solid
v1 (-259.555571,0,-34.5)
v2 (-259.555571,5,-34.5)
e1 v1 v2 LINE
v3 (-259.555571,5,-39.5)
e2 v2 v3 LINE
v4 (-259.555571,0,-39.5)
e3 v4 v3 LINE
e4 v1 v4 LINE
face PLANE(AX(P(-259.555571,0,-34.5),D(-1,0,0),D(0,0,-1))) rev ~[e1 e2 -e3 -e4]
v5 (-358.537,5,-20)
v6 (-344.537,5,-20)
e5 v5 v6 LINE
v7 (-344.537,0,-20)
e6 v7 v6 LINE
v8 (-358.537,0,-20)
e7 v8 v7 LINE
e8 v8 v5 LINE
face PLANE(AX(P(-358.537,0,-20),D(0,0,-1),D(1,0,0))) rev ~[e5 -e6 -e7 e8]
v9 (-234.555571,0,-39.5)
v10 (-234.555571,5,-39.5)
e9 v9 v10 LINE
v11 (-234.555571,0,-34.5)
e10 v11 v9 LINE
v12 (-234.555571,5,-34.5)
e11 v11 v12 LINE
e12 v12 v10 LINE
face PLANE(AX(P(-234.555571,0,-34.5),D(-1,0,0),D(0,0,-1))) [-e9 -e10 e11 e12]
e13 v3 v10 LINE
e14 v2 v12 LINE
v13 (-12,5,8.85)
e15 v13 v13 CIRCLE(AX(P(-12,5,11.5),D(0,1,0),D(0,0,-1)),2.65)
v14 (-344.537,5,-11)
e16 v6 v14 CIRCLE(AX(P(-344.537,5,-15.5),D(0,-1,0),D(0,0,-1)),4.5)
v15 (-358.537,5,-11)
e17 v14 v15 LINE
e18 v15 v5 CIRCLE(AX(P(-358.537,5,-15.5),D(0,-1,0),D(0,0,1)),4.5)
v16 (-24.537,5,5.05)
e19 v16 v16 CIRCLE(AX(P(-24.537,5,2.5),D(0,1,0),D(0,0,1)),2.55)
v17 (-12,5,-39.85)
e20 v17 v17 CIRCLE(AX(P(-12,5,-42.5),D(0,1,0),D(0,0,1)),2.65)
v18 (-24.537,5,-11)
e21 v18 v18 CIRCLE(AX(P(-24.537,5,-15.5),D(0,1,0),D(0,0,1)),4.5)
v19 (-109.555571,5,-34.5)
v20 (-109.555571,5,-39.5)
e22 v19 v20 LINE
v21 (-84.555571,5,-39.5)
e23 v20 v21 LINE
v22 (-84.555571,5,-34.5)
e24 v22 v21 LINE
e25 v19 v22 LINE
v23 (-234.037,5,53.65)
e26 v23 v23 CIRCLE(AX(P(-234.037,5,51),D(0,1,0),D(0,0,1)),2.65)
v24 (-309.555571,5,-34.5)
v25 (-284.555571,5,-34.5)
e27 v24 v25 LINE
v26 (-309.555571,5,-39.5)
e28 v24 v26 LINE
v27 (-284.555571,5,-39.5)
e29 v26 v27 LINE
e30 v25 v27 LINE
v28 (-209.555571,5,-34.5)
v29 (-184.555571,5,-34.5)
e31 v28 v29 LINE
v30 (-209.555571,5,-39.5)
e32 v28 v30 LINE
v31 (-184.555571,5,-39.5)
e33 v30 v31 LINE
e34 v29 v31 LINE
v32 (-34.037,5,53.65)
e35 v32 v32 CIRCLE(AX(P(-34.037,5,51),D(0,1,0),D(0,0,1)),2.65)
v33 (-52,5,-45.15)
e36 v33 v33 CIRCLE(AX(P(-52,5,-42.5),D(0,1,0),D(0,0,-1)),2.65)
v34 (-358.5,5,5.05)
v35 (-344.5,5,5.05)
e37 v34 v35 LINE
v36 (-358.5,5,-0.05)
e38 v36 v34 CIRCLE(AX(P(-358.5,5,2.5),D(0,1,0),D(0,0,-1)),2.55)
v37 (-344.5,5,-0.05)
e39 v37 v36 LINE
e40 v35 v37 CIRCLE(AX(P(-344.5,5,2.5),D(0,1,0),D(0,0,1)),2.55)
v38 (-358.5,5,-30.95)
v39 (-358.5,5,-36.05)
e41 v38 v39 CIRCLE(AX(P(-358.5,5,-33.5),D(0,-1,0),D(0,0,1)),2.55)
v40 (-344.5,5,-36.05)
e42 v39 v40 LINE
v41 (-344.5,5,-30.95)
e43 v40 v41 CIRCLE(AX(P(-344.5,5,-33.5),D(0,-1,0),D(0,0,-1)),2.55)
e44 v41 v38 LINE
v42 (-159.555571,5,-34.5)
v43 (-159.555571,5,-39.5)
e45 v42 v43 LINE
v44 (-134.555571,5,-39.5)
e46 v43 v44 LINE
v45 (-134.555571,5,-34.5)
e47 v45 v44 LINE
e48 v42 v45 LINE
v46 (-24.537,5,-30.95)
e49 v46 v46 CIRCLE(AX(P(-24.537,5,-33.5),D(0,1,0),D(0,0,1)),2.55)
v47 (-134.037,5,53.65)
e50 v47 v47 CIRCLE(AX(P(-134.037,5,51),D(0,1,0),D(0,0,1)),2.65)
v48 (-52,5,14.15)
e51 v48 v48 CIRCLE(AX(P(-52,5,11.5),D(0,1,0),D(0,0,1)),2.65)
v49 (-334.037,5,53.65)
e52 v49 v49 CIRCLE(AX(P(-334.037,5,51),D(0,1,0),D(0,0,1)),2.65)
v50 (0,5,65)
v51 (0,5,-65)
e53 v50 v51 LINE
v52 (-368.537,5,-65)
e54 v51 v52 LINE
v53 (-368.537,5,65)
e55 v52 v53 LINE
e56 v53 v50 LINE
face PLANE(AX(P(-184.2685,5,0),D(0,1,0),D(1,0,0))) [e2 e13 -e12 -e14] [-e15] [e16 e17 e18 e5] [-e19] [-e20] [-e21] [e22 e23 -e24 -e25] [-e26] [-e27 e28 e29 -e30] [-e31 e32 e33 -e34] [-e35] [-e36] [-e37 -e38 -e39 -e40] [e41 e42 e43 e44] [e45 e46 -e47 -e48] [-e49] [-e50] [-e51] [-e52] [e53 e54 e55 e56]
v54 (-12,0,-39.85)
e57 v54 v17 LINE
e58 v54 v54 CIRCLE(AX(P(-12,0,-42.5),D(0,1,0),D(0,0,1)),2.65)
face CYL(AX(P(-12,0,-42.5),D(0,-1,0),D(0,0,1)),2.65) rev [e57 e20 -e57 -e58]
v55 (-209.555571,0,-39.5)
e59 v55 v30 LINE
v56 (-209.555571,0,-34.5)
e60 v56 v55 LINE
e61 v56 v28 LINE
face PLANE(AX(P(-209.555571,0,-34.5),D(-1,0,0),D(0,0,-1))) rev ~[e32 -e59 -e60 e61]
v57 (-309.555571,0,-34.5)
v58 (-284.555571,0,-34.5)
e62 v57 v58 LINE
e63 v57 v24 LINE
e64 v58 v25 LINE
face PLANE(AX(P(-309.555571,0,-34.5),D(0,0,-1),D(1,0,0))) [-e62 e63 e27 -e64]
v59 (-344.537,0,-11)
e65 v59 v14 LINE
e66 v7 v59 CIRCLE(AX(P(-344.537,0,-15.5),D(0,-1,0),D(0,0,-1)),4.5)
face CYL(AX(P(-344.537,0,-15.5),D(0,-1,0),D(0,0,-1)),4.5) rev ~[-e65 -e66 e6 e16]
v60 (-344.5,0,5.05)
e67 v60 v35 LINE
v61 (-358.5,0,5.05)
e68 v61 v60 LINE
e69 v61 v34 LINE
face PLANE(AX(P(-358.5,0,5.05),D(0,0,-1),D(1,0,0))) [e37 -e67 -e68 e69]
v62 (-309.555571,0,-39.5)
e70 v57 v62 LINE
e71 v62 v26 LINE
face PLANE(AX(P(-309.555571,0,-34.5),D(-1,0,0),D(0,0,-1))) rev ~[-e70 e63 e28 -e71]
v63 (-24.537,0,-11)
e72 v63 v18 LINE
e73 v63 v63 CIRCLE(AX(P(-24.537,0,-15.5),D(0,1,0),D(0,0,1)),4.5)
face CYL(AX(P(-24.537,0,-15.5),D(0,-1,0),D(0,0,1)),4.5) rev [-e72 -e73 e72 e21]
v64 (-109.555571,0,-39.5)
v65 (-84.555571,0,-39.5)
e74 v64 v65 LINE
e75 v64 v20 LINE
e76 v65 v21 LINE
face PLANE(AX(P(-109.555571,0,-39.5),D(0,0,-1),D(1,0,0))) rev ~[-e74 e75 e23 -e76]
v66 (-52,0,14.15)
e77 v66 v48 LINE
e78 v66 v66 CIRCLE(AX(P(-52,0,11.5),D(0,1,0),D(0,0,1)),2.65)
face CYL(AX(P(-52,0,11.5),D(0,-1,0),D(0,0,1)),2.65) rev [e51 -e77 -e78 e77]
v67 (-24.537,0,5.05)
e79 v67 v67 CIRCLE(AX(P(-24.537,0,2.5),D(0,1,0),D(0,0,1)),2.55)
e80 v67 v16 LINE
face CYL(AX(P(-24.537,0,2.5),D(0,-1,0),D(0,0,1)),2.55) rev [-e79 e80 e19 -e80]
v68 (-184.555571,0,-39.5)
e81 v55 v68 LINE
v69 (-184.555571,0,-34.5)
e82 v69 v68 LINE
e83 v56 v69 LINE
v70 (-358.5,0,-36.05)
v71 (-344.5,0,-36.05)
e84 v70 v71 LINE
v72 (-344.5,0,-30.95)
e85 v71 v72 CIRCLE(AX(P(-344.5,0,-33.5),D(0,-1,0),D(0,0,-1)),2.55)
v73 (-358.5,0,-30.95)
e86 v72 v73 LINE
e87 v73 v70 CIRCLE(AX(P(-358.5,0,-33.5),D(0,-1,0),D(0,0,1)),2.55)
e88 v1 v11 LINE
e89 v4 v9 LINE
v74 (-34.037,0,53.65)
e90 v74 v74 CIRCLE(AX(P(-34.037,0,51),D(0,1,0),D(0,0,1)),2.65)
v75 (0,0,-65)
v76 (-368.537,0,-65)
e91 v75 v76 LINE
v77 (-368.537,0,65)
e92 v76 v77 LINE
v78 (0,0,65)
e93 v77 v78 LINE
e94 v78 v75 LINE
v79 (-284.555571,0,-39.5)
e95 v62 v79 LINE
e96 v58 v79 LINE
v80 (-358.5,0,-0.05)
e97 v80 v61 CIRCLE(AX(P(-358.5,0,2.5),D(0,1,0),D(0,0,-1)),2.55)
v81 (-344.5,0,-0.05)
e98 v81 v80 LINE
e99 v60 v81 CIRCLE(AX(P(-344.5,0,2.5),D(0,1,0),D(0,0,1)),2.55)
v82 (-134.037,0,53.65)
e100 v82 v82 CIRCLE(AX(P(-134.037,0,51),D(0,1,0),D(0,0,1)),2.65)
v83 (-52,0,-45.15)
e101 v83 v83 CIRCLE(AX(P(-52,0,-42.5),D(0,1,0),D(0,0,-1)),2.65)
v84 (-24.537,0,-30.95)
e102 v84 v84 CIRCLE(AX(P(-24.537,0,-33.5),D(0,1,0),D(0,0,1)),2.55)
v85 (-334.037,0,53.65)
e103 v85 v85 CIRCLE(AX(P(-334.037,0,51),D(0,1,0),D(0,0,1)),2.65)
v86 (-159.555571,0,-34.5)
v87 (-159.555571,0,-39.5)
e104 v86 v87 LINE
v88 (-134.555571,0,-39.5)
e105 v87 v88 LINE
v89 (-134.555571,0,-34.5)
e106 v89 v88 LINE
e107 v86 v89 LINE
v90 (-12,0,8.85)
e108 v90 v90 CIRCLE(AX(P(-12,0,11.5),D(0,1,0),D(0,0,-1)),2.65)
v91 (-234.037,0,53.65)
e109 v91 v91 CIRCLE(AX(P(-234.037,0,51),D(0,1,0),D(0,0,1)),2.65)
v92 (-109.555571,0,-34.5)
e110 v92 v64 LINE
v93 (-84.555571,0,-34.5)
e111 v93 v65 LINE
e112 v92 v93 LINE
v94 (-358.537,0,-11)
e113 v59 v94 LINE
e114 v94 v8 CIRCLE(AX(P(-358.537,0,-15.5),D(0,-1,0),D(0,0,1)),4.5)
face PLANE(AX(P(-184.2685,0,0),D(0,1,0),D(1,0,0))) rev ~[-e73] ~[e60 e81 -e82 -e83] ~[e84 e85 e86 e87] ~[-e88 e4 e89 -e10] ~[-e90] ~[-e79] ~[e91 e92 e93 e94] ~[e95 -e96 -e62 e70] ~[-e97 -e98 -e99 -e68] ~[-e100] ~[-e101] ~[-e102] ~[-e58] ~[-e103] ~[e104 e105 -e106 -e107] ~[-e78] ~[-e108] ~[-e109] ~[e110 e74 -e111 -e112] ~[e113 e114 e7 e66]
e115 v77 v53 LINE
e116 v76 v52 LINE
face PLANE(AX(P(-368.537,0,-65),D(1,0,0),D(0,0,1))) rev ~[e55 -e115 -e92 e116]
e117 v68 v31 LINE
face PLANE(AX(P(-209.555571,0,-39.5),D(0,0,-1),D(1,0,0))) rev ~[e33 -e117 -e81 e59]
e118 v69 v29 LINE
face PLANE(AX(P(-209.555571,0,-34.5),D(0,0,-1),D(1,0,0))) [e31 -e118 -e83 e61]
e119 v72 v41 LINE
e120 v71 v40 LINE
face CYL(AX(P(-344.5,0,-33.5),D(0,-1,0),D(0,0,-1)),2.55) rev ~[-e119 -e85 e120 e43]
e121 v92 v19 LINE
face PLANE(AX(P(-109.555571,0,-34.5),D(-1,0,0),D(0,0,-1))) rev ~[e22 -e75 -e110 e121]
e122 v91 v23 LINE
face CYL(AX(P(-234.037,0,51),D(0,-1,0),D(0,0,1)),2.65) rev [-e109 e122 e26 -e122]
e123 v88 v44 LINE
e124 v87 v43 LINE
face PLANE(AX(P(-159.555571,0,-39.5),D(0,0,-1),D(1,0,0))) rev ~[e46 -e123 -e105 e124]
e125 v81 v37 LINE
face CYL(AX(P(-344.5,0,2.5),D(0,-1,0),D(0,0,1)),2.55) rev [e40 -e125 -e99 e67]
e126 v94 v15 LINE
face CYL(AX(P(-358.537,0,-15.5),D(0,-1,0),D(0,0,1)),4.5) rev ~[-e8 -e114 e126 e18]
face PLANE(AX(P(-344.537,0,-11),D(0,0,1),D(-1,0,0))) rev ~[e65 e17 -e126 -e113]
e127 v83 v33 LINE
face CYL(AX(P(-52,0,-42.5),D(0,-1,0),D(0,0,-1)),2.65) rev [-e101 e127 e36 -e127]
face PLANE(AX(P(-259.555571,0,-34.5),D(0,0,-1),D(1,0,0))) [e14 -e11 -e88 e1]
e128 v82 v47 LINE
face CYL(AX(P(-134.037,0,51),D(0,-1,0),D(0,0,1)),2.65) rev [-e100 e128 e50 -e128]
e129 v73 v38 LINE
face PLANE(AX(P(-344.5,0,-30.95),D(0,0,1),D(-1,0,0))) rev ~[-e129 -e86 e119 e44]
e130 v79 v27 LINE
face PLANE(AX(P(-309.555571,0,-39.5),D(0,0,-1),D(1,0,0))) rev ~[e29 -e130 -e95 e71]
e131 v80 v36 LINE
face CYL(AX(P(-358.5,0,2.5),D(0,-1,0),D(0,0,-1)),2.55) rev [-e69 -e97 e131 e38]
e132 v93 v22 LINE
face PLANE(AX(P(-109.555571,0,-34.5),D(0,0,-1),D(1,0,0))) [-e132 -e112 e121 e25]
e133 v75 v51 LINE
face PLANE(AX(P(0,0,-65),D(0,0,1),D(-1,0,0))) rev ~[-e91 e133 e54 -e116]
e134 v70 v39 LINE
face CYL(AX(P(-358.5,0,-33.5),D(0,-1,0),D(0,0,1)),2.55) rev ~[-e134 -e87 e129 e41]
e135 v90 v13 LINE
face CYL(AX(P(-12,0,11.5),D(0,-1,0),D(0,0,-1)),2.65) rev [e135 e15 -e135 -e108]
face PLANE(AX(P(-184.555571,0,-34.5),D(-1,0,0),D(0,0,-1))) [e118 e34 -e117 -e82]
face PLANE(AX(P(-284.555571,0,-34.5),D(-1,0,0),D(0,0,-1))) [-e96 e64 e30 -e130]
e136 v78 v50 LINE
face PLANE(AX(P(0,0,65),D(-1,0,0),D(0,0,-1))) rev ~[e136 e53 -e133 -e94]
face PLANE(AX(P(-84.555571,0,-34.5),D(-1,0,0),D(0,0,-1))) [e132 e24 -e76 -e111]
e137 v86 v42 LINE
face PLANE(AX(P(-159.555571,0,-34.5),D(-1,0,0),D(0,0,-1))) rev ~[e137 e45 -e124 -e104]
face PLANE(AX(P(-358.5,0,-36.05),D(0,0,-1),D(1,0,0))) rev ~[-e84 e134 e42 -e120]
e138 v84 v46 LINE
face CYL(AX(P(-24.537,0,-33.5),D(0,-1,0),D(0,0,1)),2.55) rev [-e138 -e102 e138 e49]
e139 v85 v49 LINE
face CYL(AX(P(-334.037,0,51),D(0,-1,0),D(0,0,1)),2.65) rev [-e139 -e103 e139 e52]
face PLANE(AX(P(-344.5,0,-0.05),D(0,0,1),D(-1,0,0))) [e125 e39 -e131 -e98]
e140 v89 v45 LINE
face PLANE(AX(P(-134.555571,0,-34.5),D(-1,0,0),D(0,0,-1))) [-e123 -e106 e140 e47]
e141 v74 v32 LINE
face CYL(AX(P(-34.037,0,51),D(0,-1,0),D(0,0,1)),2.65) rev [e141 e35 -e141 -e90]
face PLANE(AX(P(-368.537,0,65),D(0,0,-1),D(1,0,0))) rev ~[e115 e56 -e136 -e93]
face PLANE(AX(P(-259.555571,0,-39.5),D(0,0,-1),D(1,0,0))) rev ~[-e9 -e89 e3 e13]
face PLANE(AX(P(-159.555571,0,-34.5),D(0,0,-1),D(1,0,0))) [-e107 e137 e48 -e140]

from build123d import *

# Parameters (mm, degrees)
SKETCH1_R           = 2.65
SKETCH1_R_2         = 2.55
SKETCH1_R_3         = 4.5
SKETCH1_W           = 25
SKETCH1_H           = 5
BOSS_EXTRUDE1_DEPTH = 5


with BuildPart() as part:
    # Sketch1 → Boss-Extrude1 (new body)
    with BuildSketch(Plane(origin=(0, 0, 0), x_dir=(1, 0, 0), z_dir=(0, 1, 0))):
        Polygon((0, 0), (0, 40), (0, 65), (-368.537, 65), (-368.537, -65), (0, -65), align=None)
        with Locations(Location((-12, 42.5, 0), (0, 0, 270))):
            Circle(SKETCH1_R, mode=Mode.SUBTRACT)
        with Locations(Location((-24.537, 33.5, 0), (0, 0, 270))):
            Circle(SKETCH1_R_2, mode=Mode.SUBTRACT)
        with Locations(Location((-24.537, -2.5, 0), (0, 0, 270))):
            Circle(SKETCH1_R_2, mode=Mode.SUBTRACT)
        with Locations(Location((-24.537, 15.5, 0), (0, 0, 270))):
            Circle(SKETCH1_R_3, mode=Mode.SUBTRACT)
        with Locations(Location((-12, -11.5, 0), (0, 0, 90))):
            Circle(SKETCH1_R, mode=Mode.SUBTRACT)
        with Locations(Location((-334.037, -51, 0), (0, 0, 270))):
            Circle(SKETCH1_R, mode=Mode.SUBTRACT)
        with Locations(Location((-234.037, -51, 0), (0, 0, 270))):
            Circle(SKETCH1_R, mode=Mode.SUBTRACT)
        with Locations(Location((-134.037, -51, 0), (0, 0, 270))):
            Circle(SKETCH1_R, mode=Mode.SUBTRACT)
        with Locations(Location((-34.037, -51, 0), (0, 0, 270))):
            Circle(SKETCH1_R, mode=Mode.SUBTRACT)
        with Locations(Location((-52, -11.5, 0), (0, 0, 270))):
            Circle(SKETCH1_R, mode=Mode.SUBTRACT)
        with Locations(Location((-52, 42.5, 0), (0, 0, 90))):
            Circle(SKETCH1_R, mode=Mode.SUBTRACT)
        with BuildLine():
            Line((-358.537, 20), (-344.537, 20))
            ThreePointArc((-344.537, 20), (-340.037, 15.5), (-344.537, 11))
            Line((-344.537, 11), (-358.537, 11))
            ThreePointArc((-358.537, 11), (-363.037, 15.5), (-358.537, 20))
        make_face(mode=Mode.SUBTRACT)
        with BuildLine():
            Line((-344.5, 0.05), (-358.5, 0.05))
            ThreePointArc((-358.5, 0.05), (-361.05, -2.5), (-358.5, -5.05))
            Line((-358.5, -5.05), (-344.5, -5.05))
            ThreePointArc((-344.5, -5.05), (-341.95, -2.5), (-344.5, 0.05))
        make_face(mode=Mode.SUBTRACT)
        with Locations((-297.055571099, 37)):
            Rectangle(SKETCH1_W, SKETCH1_H, mode=Mode.SUBTRACT)
        with Locations((-247.055571099, 37)):
            Rectangle(SKETCH1_W, SKETCH1_H, mode=Mode.SUBTRACT)
        with BuildLine():
            Line((-358.5, 36.05), (-344.5, 36.05))
            ThreePointArc((-344.5, 36.05), (-341.95, 33.5), (-344.5, 30.95))
            Line((-344.5, 30.95), (-358.5, 30.95))
            ThreePointArc((-358.5, 30.95), (-361.05, 33.5), (-358.5, 36.05))
        make_face(mode=Mode.SUBTRACT)
        with Locations((-197.055571099, 37)):
            Rectangle(SKETCH1_W, SKETCH1_H, mode=Mode.SUBTRACT)
        with Locations((-147.055571099, 37)):
            Rectangle(SKETCH1_W, SKETCH1_H, mode=Mode.SUBTRACT)
        with Locations((-97.055571099, 37)):
            Rectangle(SKETCH1_W, SKETCH1_H, mode=Mode.SUBTRACT)
    extrude(amount=BOSS_EXTRUDE1_DEPTH)


solid = part.part
